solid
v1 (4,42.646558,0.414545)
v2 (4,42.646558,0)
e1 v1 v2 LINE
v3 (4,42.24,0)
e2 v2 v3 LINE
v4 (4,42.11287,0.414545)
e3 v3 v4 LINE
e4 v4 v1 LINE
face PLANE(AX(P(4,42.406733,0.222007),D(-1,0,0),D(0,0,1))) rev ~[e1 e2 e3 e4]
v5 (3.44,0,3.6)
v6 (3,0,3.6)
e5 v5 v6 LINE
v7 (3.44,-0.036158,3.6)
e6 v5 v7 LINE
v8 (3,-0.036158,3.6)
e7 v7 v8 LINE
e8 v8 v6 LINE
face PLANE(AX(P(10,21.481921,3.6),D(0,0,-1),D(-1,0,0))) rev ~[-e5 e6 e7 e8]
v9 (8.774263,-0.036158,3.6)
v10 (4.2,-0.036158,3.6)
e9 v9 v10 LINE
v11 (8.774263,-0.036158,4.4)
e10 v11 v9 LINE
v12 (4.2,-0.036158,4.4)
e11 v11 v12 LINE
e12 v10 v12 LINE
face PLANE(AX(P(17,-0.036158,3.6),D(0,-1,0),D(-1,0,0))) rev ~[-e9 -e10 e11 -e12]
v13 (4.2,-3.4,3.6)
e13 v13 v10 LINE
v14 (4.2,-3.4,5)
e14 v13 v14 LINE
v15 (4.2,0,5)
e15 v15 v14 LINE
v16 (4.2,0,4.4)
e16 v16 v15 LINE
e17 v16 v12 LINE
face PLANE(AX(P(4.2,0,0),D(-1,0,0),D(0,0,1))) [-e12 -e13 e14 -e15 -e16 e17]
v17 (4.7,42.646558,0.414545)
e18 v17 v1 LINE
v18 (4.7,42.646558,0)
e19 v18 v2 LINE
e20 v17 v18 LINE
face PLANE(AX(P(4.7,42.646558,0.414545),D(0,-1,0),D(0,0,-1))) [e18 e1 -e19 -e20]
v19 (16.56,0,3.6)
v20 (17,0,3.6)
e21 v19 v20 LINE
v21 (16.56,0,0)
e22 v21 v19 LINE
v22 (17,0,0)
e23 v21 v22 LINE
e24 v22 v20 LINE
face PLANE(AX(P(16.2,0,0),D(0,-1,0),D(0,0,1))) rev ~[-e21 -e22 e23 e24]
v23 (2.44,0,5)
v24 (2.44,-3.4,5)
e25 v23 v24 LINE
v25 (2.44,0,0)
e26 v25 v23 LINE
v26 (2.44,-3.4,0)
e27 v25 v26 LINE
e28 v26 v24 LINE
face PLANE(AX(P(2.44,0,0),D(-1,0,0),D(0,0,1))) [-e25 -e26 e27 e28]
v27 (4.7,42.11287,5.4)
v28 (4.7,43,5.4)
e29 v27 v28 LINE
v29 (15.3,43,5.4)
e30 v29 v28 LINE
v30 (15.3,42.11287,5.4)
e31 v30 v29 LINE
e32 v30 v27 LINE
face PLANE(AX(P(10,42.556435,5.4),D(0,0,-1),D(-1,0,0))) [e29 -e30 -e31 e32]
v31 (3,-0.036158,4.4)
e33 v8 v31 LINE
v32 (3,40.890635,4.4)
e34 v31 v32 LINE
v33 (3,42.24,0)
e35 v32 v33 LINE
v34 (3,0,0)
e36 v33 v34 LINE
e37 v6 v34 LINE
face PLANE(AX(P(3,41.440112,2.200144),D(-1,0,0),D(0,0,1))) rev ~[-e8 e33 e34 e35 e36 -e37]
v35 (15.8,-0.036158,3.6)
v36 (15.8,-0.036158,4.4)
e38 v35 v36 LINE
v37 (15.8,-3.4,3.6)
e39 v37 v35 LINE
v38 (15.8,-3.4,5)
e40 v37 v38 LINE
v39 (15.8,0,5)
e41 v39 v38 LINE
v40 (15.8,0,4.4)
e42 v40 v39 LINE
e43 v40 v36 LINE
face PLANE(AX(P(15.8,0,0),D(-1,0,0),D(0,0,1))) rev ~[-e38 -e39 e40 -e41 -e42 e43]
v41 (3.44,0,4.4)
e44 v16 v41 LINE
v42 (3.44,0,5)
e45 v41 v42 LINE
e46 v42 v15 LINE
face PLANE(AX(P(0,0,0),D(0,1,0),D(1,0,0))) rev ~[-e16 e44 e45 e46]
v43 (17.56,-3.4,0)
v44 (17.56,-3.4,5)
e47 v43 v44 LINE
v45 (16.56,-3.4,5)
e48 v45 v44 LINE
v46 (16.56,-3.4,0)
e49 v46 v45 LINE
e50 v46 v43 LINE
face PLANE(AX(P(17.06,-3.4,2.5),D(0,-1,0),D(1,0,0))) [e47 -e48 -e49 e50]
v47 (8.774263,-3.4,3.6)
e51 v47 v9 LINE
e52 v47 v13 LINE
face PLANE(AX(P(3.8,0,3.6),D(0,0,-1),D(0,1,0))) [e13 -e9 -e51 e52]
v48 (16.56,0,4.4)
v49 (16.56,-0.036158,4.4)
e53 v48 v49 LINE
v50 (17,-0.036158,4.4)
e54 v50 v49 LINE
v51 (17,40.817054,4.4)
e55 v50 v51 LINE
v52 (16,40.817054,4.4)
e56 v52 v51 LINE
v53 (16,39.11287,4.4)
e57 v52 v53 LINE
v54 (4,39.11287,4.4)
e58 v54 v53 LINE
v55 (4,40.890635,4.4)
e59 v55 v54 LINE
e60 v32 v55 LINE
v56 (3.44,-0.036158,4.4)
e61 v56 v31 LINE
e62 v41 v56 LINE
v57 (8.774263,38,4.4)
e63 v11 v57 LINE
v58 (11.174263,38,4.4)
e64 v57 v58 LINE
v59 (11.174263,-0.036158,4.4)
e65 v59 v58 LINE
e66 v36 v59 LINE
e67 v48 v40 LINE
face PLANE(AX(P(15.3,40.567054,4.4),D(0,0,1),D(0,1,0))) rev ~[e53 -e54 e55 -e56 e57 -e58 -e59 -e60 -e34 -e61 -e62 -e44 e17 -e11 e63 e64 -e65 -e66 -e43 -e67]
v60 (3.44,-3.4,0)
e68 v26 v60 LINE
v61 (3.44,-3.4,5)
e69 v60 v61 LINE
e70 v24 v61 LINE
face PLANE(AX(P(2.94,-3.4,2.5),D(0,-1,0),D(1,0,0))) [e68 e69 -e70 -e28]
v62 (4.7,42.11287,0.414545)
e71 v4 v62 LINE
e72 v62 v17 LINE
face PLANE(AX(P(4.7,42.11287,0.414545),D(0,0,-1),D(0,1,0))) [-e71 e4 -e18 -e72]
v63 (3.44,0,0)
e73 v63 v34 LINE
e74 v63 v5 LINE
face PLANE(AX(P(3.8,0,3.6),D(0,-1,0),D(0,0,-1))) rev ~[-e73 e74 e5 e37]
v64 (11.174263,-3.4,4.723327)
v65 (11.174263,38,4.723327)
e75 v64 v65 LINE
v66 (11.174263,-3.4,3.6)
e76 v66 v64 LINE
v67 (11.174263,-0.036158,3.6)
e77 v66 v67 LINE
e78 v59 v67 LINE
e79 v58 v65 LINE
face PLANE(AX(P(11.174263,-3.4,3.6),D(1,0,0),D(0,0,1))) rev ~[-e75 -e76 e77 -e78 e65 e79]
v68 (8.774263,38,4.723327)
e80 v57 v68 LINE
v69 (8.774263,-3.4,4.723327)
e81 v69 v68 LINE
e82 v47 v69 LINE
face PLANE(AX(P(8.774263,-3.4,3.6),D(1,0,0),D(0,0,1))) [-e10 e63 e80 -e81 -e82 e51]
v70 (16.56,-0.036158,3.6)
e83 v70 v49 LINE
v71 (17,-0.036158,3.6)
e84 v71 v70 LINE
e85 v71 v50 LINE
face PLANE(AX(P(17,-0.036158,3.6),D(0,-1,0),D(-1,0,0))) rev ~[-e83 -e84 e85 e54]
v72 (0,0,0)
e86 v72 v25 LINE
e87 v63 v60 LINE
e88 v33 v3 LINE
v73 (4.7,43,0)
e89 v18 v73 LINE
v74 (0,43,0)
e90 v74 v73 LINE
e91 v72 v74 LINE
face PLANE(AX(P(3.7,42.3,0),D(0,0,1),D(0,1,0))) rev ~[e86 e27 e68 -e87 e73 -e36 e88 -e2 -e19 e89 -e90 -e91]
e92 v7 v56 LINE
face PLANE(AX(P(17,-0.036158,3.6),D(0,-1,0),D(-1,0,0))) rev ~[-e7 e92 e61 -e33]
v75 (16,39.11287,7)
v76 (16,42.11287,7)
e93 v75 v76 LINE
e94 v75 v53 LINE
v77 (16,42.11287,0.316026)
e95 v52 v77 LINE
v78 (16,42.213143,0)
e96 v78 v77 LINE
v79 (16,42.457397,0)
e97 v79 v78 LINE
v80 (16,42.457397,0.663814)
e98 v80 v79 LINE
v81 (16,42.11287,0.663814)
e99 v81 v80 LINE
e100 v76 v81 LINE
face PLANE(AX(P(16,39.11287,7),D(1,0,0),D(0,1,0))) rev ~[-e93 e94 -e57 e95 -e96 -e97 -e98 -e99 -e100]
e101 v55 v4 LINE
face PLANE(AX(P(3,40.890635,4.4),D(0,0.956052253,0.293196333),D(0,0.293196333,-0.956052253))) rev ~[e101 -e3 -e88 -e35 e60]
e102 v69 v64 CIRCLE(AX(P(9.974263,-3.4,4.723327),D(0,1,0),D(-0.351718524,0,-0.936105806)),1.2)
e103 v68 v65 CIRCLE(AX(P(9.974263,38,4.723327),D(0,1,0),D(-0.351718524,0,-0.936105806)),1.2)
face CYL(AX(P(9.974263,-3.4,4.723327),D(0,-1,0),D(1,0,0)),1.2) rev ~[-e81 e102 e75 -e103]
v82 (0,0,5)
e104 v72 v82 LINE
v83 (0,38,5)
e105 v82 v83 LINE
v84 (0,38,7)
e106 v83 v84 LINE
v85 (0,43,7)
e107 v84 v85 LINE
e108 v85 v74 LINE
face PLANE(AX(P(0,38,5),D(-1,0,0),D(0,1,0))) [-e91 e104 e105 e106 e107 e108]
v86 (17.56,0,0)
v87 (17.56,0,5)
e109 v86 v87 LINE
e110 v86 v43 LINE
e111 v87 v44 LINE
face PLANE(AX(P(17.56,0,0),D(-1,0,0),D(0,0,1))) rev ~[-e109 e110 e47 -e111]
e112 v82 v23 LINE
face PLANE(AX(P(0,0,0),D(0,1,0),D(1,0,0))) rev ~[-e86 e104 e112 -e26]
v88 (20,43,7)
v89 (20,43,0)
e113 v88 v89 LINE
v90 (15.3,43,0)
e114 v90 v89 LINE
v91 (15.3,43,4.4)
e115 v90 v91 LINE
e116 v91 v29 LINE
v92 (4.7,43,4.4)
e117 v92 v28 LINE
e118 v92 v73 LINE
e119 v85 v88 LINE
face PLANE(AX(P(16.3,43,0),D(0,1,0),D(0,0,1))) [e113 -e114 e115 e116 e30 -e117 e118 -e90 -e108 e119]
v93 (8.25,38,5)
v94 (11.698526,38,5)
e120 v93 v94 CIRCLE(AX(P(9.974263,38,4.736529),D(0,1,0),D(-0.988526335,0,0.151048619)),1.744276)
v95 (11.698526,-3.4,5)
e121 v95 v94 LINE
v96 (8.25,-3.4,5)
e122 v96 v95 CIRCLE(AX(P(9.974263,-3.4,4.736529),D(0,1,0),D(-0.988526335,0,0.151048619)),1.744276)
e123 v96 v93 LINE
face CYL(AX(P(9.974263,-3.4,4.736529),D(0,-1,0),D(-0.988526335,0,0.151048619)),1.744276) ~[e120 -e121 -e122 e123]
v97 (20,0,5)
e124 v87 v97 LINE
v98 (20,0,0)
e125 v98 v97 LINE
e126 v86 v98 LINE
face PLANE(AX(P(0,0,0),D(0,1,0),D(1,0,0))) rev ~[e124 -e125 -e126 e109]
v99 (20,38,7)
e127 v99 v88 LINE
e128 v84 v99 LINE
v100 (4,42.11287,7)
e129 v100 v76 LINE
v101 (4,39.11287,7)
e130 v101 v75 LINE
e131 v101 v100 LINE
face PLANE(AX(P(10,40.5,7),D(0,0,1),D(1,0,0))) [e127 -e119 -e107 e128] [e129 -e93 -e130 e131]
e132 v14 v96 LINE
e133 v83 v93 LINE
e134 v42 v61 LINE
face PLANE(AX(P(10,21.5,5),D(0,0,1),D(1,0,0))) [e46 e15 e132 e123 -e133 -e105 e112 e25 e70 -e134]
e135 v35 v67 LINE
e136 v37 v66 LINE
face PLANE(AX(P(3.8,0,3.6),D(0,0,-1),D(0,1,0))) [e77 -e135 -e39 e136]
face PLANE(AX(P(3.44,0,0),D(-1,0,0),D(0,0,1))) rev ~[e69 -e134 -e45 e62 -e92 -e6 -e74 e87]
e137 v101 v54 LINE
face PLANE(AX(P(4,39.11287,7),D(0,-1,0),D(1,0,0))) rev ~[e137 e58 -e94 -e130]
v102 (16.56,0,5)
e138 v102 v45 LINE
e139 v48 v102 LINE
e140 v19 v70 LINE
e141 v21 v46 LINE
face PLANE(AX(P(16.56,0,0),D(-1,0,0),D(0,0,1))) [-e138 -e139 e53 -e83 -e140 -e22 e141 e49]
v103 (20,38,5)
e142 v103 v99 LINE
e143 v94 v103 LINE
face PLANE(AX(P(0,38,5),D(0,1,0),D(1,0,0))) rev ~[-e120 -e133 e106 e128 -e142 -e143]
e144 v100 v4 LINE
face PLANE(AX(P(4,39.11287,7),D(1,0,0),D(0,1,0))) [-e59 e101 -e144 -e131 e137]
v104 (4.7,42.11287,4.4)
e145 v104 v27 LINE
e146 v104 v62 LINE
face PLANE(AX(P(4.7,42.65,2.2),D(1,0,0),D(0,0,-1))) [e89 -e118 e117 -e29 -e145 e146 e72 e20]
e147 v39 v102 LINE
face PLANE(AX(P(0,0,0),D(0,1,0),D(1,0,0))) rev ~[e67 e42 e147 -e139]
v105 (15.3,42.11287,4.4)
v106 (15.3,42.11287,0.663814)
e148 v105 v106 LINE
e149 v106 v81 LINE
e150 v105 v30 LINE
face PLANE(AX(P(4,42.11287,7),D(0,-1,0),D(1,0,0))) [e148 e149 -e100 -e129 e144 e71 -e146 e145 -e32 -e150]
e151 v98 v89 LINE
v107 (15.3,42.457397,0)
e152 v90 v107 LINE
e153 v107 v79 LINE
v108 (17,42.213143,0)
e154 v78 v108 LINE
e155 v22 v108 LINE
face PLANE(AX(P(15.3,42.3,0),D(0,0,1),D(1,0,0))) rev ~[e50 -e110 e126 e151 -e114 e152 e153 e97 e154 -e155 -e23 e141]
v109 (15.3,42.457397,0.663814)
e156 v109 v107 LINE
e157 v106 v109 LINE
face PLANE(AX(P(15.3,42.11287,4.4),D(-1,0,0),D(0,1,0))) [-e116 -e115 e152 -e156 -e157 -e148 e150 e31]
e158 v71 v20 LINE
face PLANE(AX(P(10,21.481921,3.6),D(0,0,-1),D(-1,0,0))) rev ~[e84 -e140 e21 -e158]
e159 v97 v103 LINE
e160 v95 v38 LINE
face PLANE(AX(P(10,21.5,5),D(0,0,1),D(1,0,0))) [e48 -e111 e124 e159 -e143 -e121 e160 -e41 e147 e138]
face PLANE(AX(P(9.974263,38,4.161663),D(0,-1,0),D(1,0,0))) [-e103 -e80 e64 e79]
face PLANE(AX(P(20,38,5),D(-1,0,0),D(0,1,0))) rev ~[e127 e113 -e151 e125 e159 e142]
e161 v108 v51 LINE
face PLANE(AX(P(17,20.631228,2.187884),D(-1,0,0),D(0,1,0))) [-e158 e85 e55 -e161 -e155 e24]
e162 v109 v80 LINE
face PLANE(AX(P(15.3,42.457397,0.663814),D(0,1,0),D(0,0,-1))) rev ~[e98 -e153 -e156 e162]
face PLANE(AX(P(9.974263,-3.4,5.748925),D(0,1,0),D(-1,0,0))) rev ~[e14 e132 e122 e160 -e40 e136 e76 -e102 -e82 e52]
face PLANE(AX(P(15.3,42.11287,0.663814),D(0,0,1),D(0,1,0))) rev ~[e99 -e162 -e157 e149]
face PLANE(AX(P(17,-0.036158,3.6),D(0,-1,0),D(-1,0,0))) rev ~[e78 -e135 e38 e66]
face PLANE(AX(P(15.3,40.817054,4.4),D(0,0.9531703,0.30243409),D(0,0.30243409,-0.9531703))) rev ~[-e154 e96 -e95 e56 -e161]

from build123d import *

# Parameters (mm, degrees)
SKETCH2_W            = 20
SKETCH2_H            = 43
BOSS_EXTRUDE1_DEPTH  = 5
SKETCH3_W            = 20
SKETCH3_H            = 5
BOSS_EXTRUDE2_DEPTH  = 2
SKETCH4_W            = 1
SKETCH4_H            = 5
BOSS_EXTRUDE4_DEPTH  = 3.4
SKETCH6_W            = 11.6
SKETCH6_H            = 5
BOSS_EXTRUDE5_DEPTH  = 3.4
SKETCH8_W            = 12.4
SKETCH8_H            = 3.6
CUT_EXTRUDE1_DEPTH   = 52.009410896
BOSS_EXTRUDE6_DEPTH  = 41.4
SKETCH10_R           = 1.2
CUT_EXTRUDE2_DEPTH   = 41.4
SKETCH12_W           = 2.4
SKETCH12_H           = 1.123326967
CUT_EXTRUDE3_DEPTH   = 41.4
SKETCH14_W           = 12
SKETCH14_H           = 3
CUT_EXTRUDE5_DEPTH   = 3.4
SKETCH15_W           = 3.6
SKETCH15_H           = 43
CUT_EXTRUDE6_DEPTH   = 0.8
SKETCH16_W           = 3.6
SKETCH16_H           = 43
CUT_EXTRUDE7_DEPTH   = 0.8
SKETCH17_W           = 14
SKETCH17_H           = 43.036158128
CUT_EXTRUDE8_DEPTH   = 0.8
SKETCH18_W           = 4.4
SKETCH18_H           = 0.7
BOSS_EXTRUDE7_DEPTH  = 0.7
SKETCH19_W           = 4.4
SKETCH19_H           = 0.7
BOSS_EXTRUDE8_DEPTH  = 0.7
SKETCH21_W           = 4.4
SKETCH21_H           = 0.7
BOSS_EXTRUDE10_DEPTH = 1
SKETCH22_W           = 4.4
SKETCH22_H           = 0.7
BOSS_EXTRUDE11_DEPTH = 1
SKETCH23_W           = 1.7
SKETCH23_H           = 4.4
BOSS_EXTRUDE12_DEPTH = 2
CUT_EXTRUDE9_REACH   = 48.175
CUT_EXTRUDE10_REACH  = 48.175
CUT_EXTRUDE11_REACH  = 48.175
CUT_EXTRUDE12_REACH  = 48.175
CUT_EXTRUDE17_START  = -1.7
CUT_EXTRUDE17_DEPTH  = 1.7
CUT_EXTRUDE18_REACH  = 48.175
BOSS_EXTRUDE13_DEPTH = 41.4
SKETCH35_W           = 0.7
SKETCH35_H           = 1.29581549
SKETCH35_H_2         = 1.222235382
CUT_EXTRUDE19_DEPTH  = 10
CUT_EXTRUDE20_DEPTH  = 0.7
CUT_EXTRUDE21_DEPTH  = 0.7
SKETCH38_W           = 10.6
SKETCH38_H           = 0.887130053
CUT_EXTRUDE22_DEPTH  = 1


with BuildPart() as part:
    # Sketch2 → Boss-Extrude1 (new body)
    with BuildSketch(Plane.XY):
        with Locations((10, 21.5)):
            Rectangle(SKETCH2_W, SKETCH2_H)
    extrude(amount=BOSS_EXTRUDE1_DEPTH)

    # Sketch3 → Boss-Extrude2 (add)
    with BuildSketch(Plane.XY.offset(5)):
        with Locations((10, 40.5)):
            Rectangle(SKETCH3_W, SKETCH3_H)
    extrude(amount=BOSS_EXTRUDE2_DEPTH)

    # Sketch4 → Boss-Extrude4 (add)
    with BuildSketch(Plane.XZ):
        with Locations((2.94, 2.5)):
            Rectangle(SKETCH4_W, SKETCH4_H)
        with Locations((17.06, 2.5)):
            Rectangle(SKETCH4_W, SKETCH4_H)
    extrude(amount=BOSS_EXTRUDE4_DEPTH)

    # Sketch6 → Boss-Extrude5 (add)
    with BuildSketch(Plane.XZ):
        with Locations((10, 2.5)):
            Rectangle(SKETCH6_W, SKETCH6_H)
    extrude(amount=BOSS_EXTRUDE5_DEPTH)

    # Sketch8 → Cut-Extrude1 (cut, through all)
    with BuildSketch(Plane(origin=(0, 43, 0), x_dir=(1, 0, 0), z_dir=(0, 1, 0))):
        with Locations((10, -1.8)):
            Rectangle(SKETCH8_W, SKETCH8_H)
    extrude(amount=-CUT_EXTRUDE1_DEPTH, mode=Mode.SUBTRACT)

    # Sketch9 → Boss-Extrude6 (add)
    with BuildSketch(Plane.XZ.offset(3.4)):
        with BuildLine():
            Line((8.5, 5), (11.448526434, 5))
            ThreePointArc((11.448526434, 5), (9.974263217, 6.223326967), (8.5, 5))
        make_face()
    extrude(amount=-BOSS_EXTRUDE6_DEPTH)

    # Sketch10 → Cut-Extrude2 (cut)
    with BuildSketch(Plane.XZ.offset(3.4)):
        with Locations((9.974263217, 4.723326967)):
            Circle(SKETCH10_R)
    extrude(amount=-CUT_EXTRUDE2_DEPTH, mode=Mode.SUBTRACT)

    # Sketch12 → Cut-Extrude3 (cut)
    with BuildSketch(Plane.XZ.offset(3.4)):
        with Locations((9.974263217, 4.161663483)):
            Rectangle(SKETCH12_W, SKETCH12_H)
    extrude(amount=-CUT_EXTRUDE3_DEPTH, mode=Mode.SUBTRACT)

    # Sketch14 → Cut-Extrude5 (cut)
    with BuildSketch(Plane.XY.offset(7)):
        with Locations((10, 40.612869947)):
            Rectangle(SKETCH14_W, SKETCH14_H)
    extrude(amount=-CUT_EXTRUDE5_DEPTH, mode=Mode.SUBTRACT)

    # Sketch15 → Cut-Extrude6 (cut)
    with BuildSketch(Plane(origin=(3.8, 0, 0), x_dir=(0, 0, -1), z_dir=(1, 0, 0))):
        with Locations((-1.8, 21.5)):
            Rectangle(SKETCH15_W, SKETCH15_H)
    extrude(amount=-CUT_EXTRUDE6_DEPTH, mode=Mode.SUBTRACT)

    # Sketch16 → Cut-Extrude7 (cut)
    with BuildSketch(Plane.ZY.offset(-16.2)):
        with Locations((1.8, 21.5)):
            Rectangle(SKETCH16_W, SKETCH16_H)
    extrude(amount=-CUT_EXTRUDE7_DEPTH, mode=Mode.SUBTRACT)

    # Sketch17 → Cut-Extrude8 (cut)
    with BuildSketch(Plane(origin=(0, 0, 3.6), x_dir=(-1, 0, 0), z_dir=(0, 0, -1))):
        with Locations((-10, 21.481920936)):
            Rectangle(SKETCH17_W, SKETCH17_H)
    extrude(amount=-CUT_EXTRUDE8_DEPTH, mode=Mode.SUBTRACT)

    # Sketch18 → Boss-Extrude7 (add)
    with BuildSketch(Plane.ZY.offset(-17)):
        with Locations((2.2, 42.65)):
            Rectangle(SKETCH18_W, SKETCH18_H)
    extrude(amount=BOSS_EXTRUDE7_DEPTH)

    # Sketch19 → Boss-Extrude8 (add)
    with BuildSketch(Plane(origin=(3, 0, 0), x_dir=(0, 0, -1), z_dir=(1, 0, 0))):
        with Locations((-2.2, 42.65)):
            Rectangle(SKETCH19_W, SKETCH19_H)
    extrude(amount=BOSS_EXTRUDE8_DEPTH)

    # Sketch21 → Boss-Extrude10 (add)
    with BuildSketch(Plane(origin=(3.7, 0, 0), x_dir=(0, 0, -1), z_dir=(1, 0, 0))):
        with Locations((-2.2, 42.65)):
            Rectangle(SKETCH21_W, SKETCH21_H)
    extrude(amount=BOSS_EXTRUDE10_DEPTH)

    # Sketch22 → Boss-Extrude11 (add)
    with BuildSketch(Plane.ZY.offset(-16.3)):
        with Locations((2.2, 42.65)):
            Rectangle(SKETCH22_W, SKETCH22_H)
    extrude(amount=BOSS_EXTRUDE11_DEPTH)

    # Sketch23 → Boss-Extrude12 (add)
    with BuildSketch(Plane.XZ.offset(-42.3)):
        with Locations((16.15, 2.2)):
            Rectangle(SKETCH23_W, SKETCH23_H)
        with Locations((3.85, 2.2)):
            Rectangle(SKETCH23_W, SKETCH23_H)
    extrude(amount=BOSS_EXTRUDE12_DEPTH)

    # Cut-Extrude9: up to this face of the body (flat: up to its plane)
    cut_extrude9_end = Plane(part.part.faces().sort_by_distance((17, 20.146710485, 2.200293589))[0])
    # Sketch24 → Cut-Extrude9 (cut, up to the picked face)
    with BuildSketch(Plane.ZY.offset(-15.3), mode=Mode.PRIVATE) as cut_extrude9_sk1:
        Polygon((0, 40.3), (0, 41.65), (4.4, 40.3), align=None)
    cut_extrude9_tool1 = split(extrude(cut_extrude9_sk1.sketch, amount=-CUT_EXTRUDE9_REACH, mode=Mode.PRIVATE), bisect_by=cut_extrude9_end, keep=Keep.BOTH, mode=Mode.PRIVATE)
    add(cut_extrude9_tool1.solids().sort_by(Axis((15.3, 40.75, 1.466667), (1, 0, 0)))[0], mode=Mode.SUBTRACT)

    # Cut-Extrude10: up to this face of the body (flat: up to its plane)
    cut_extrude10_end = Plane(part.part.faces().sort_by_distance((17, 20.486063491, 2.188210154))[0])
    # Sketch25 → Cut-Extrude10 (cut, up to the picked face)
    with BuildSketch(Plane.ZY.offset(-15.3), mode=Mode.PRIVATE) as cut_extrude10_sk1:
        Polygon((0, 41.65), (0, 41.890531127), (0, 41.963142854), (4.4, 40.567054457), (4.4, 40.3), align=None)
    cut_extrude10_tool1 = split(extrude(cut_extrude10_sk1.sketch, amount=-CUT_EXTRUDE10_REACH, mode=Mode.PRIVATE), bisect_by=cut_extrude10_end, keep=Keep.BOTH, mode=Mode.PRIVATE)
    add(cut_extrude10_tool1.solids().sort_by(Axis((15.3, 41.138227, 2.141747), (1, 0, 0)))[0], mode=Mode.SUBTRACT)

    # Cut-Extrude11: up to this face of the body (flat: up to its plane)
    cut_extrude11_end = Plane(part.part.faces().sort_by_distance((3, 20.146710485, 2.200293589))[0])
    # Sketch26 → Cut-Extrude11 (cut, up to the picked face)
    with BuildSketch(Plane(origin=(4.7, 0, 0), x_dir=(0, 0, -1), z_dir=(1, 0, 0)), mode=Mode.PRIVATE) as cut_extrude11_sk1:
        Polygon((0, 40.3), (0, 41.65), (-4.4, 40.3), align=None)
    cut_extrude11_tool1 = split(extrude(cut_extrude11_sk1.sketch, amount=-CUT_EXTRUDE11_REACH, mode=Mode.PRIVATE), bisect_by=cut_extrude11_end, keep=Keep.BOTH, mode=Mode.PRIVATE)
    add(cut_extrude11_tool1.solids().sort_by(Axis((4.7, 40.75, 1.466667), (-1, 0, 0)))[0], mode=Mode.SUBTRACT)

    # Cut-Extrude12: up to this face of the body (flat: up to its plane)
    cut_extrude12_end = Plane(part.part.faces().sort_by_distance((3, 20.486063491, 2.188210154))[0])
    # Sketch27 → Cut-Extrude12 (cut, up to the picked face)
    with BuildSketch(Plane(origin=(4.7, 0, 0), x_dir=(0, 0, -1), z_dir=(1, 0, 0)), mode=Mode.PRIVATE) as cut_extrude12_sk1:
        Polygon((-4.4, 40.3), (-4.4, 40.64), (0, 41.99), (0, 41.65), align=None)
    cut_extrude12_tool1 = split(extrude(cut_extrude12_sk1.sketch, amount=-CUT_EXTRUDE12_REACH, mode=Mode.PRIVATE), bisect_by=cut_extrude12_end, keep=Keep.BOTH, mode=Mode.PRIVATE)
    add(cut_extrude12_tool1.solids().sort_by(Axis((4.7, 41.145, 2.2), (-1, 0, 0)))[0], mode=Mode.SUBTRACT)

    # Sketch32 → Cut-Extrude17 (cut)
    with BuildSketch(Plane(origin=(4.7, 0, 0), x_dir=(0, 0, -1), z_dir=(1, 0, 0)).offset(CUT_EXTRUDE17_START)):
        Polygon((-4.4, 40.64), (-4.4, 40.890634565), (0, 42.24), (0, 41.99), align=None)
    extrude(amount=CUT_EXTRUDE17_DEPTH, mode=Mode.SUBTRACT)

    # Cut-Extrude18: up to this face of the body (flat: up to its plane)
    cut_extrude18_end = Plane(part.part.faces().sort_by_distance((17, 20.631227586, 2.187883566))[0])
    # Sketch33 → Cut-Extrude18 (cut, up to the picked face)
    with BuildSketch(Plane.ZY.offset(-15.3), mode=Mode.PRIVATE) as cut_extrude18_sk1:
        Polygon((4.4, 40.567054457), (4.4, 40.817054457), (0, 42.213142854), (0, 41.963142854), align=None)
    cut_extrude18_tool1 = split(extrude(cut_extrude18_sk1.sketch, amount=-CUT_EXTRUDE18_REACH, mode=Mode.PRIVATE), bisect_by=cut_extrude18_end, keep=Keep.BOTH, mode=Mode.PRIVATE)
    add(cut_extrude18_tool1.solids().sort_by(Axis((15.3, 41.390099, 2.2), (1, 0, 0)))[0], mode=Mode.SUBTRACT)

    # Sketch34 → Boss-Extrude13 (add)
    with BuildSketch(Plane.XZ.offset(3.4)):
        with BuildLine():
            Line((8.5, 5), (8.25, 5))
            ThreePointArc((8.25, 5), (9.974263217, 6.480805911), (11.698526434, 5))
            Line((11.698526434, 5), (11.448526434, 5))
            ThreePointArc((11.448526434, 5), (9.974263217, 6.223326967), (8.5, 5))
        make_face()
    extrude(amount=-BOSS_EXTRUDE13_DEPTH)

    # Sketch35 → Cut-Extrude19 (cut)
    with BuildSketch(Plane.XY.offset(4.4)):
        with Locations((15.65, 41.464962202)):
            Rectangle(SKETCH35_W, SKETCH35_H)
        with Locations((4.35, 41.501752256)):
            Rectangle(SKETCH35_W, SKETCH35_H_2)
    extrude(amount=-CUT_EXTRUDE19_DEPTH, mode=Mode.SUBTRACT)

    # Sketch36 → Cut-Extrude20 (cut)
    with BuildSketch(Plane.ZY.offset(-15.3)):
        Polygon((0, 42.213142854), (0.316026403, 42.112869947), (0.663813881, 42.112869947), (0.663813881, 42.457397345), (0, 42.457397345), align=None)
    extrude(amount=-CUT_EXTRUDE20_DEPTH, mode=Mode.SUBTRACT)

    # Sketch37 → Cut-Extrude21 (cut)
    with BuildSketch(Plane(origin=(4.7, 0, 0), x_dir=(0, 0, -1), z_dir=(1, 0, 0))):
        Polygon((0, 42.24), (-0.41454466, 42.112869947), (-0.41454466, 42.646558134), (0, 42.646558134), align=None)
    extrude(amount=-CUT_EXTRUDE21_DEPTH, mode=Mode.SUBTRACT)

    # Sketch38 → Cut-Extrude22 (cut)
    with BuildSketch(Plane(origin=(0, 0, 4.4), x_dir=(-1, 0, 0), z_dir=(0, 0, -1))):
        with Locations((-10, 42.556434974)):
            Rectangle(SKETCH38_W, SKETCH38_H)
    extrude(amount=-CUT_EXTRUDE22_DEPTH, mode=Mode.SUBTRACT)


solid = part.part
